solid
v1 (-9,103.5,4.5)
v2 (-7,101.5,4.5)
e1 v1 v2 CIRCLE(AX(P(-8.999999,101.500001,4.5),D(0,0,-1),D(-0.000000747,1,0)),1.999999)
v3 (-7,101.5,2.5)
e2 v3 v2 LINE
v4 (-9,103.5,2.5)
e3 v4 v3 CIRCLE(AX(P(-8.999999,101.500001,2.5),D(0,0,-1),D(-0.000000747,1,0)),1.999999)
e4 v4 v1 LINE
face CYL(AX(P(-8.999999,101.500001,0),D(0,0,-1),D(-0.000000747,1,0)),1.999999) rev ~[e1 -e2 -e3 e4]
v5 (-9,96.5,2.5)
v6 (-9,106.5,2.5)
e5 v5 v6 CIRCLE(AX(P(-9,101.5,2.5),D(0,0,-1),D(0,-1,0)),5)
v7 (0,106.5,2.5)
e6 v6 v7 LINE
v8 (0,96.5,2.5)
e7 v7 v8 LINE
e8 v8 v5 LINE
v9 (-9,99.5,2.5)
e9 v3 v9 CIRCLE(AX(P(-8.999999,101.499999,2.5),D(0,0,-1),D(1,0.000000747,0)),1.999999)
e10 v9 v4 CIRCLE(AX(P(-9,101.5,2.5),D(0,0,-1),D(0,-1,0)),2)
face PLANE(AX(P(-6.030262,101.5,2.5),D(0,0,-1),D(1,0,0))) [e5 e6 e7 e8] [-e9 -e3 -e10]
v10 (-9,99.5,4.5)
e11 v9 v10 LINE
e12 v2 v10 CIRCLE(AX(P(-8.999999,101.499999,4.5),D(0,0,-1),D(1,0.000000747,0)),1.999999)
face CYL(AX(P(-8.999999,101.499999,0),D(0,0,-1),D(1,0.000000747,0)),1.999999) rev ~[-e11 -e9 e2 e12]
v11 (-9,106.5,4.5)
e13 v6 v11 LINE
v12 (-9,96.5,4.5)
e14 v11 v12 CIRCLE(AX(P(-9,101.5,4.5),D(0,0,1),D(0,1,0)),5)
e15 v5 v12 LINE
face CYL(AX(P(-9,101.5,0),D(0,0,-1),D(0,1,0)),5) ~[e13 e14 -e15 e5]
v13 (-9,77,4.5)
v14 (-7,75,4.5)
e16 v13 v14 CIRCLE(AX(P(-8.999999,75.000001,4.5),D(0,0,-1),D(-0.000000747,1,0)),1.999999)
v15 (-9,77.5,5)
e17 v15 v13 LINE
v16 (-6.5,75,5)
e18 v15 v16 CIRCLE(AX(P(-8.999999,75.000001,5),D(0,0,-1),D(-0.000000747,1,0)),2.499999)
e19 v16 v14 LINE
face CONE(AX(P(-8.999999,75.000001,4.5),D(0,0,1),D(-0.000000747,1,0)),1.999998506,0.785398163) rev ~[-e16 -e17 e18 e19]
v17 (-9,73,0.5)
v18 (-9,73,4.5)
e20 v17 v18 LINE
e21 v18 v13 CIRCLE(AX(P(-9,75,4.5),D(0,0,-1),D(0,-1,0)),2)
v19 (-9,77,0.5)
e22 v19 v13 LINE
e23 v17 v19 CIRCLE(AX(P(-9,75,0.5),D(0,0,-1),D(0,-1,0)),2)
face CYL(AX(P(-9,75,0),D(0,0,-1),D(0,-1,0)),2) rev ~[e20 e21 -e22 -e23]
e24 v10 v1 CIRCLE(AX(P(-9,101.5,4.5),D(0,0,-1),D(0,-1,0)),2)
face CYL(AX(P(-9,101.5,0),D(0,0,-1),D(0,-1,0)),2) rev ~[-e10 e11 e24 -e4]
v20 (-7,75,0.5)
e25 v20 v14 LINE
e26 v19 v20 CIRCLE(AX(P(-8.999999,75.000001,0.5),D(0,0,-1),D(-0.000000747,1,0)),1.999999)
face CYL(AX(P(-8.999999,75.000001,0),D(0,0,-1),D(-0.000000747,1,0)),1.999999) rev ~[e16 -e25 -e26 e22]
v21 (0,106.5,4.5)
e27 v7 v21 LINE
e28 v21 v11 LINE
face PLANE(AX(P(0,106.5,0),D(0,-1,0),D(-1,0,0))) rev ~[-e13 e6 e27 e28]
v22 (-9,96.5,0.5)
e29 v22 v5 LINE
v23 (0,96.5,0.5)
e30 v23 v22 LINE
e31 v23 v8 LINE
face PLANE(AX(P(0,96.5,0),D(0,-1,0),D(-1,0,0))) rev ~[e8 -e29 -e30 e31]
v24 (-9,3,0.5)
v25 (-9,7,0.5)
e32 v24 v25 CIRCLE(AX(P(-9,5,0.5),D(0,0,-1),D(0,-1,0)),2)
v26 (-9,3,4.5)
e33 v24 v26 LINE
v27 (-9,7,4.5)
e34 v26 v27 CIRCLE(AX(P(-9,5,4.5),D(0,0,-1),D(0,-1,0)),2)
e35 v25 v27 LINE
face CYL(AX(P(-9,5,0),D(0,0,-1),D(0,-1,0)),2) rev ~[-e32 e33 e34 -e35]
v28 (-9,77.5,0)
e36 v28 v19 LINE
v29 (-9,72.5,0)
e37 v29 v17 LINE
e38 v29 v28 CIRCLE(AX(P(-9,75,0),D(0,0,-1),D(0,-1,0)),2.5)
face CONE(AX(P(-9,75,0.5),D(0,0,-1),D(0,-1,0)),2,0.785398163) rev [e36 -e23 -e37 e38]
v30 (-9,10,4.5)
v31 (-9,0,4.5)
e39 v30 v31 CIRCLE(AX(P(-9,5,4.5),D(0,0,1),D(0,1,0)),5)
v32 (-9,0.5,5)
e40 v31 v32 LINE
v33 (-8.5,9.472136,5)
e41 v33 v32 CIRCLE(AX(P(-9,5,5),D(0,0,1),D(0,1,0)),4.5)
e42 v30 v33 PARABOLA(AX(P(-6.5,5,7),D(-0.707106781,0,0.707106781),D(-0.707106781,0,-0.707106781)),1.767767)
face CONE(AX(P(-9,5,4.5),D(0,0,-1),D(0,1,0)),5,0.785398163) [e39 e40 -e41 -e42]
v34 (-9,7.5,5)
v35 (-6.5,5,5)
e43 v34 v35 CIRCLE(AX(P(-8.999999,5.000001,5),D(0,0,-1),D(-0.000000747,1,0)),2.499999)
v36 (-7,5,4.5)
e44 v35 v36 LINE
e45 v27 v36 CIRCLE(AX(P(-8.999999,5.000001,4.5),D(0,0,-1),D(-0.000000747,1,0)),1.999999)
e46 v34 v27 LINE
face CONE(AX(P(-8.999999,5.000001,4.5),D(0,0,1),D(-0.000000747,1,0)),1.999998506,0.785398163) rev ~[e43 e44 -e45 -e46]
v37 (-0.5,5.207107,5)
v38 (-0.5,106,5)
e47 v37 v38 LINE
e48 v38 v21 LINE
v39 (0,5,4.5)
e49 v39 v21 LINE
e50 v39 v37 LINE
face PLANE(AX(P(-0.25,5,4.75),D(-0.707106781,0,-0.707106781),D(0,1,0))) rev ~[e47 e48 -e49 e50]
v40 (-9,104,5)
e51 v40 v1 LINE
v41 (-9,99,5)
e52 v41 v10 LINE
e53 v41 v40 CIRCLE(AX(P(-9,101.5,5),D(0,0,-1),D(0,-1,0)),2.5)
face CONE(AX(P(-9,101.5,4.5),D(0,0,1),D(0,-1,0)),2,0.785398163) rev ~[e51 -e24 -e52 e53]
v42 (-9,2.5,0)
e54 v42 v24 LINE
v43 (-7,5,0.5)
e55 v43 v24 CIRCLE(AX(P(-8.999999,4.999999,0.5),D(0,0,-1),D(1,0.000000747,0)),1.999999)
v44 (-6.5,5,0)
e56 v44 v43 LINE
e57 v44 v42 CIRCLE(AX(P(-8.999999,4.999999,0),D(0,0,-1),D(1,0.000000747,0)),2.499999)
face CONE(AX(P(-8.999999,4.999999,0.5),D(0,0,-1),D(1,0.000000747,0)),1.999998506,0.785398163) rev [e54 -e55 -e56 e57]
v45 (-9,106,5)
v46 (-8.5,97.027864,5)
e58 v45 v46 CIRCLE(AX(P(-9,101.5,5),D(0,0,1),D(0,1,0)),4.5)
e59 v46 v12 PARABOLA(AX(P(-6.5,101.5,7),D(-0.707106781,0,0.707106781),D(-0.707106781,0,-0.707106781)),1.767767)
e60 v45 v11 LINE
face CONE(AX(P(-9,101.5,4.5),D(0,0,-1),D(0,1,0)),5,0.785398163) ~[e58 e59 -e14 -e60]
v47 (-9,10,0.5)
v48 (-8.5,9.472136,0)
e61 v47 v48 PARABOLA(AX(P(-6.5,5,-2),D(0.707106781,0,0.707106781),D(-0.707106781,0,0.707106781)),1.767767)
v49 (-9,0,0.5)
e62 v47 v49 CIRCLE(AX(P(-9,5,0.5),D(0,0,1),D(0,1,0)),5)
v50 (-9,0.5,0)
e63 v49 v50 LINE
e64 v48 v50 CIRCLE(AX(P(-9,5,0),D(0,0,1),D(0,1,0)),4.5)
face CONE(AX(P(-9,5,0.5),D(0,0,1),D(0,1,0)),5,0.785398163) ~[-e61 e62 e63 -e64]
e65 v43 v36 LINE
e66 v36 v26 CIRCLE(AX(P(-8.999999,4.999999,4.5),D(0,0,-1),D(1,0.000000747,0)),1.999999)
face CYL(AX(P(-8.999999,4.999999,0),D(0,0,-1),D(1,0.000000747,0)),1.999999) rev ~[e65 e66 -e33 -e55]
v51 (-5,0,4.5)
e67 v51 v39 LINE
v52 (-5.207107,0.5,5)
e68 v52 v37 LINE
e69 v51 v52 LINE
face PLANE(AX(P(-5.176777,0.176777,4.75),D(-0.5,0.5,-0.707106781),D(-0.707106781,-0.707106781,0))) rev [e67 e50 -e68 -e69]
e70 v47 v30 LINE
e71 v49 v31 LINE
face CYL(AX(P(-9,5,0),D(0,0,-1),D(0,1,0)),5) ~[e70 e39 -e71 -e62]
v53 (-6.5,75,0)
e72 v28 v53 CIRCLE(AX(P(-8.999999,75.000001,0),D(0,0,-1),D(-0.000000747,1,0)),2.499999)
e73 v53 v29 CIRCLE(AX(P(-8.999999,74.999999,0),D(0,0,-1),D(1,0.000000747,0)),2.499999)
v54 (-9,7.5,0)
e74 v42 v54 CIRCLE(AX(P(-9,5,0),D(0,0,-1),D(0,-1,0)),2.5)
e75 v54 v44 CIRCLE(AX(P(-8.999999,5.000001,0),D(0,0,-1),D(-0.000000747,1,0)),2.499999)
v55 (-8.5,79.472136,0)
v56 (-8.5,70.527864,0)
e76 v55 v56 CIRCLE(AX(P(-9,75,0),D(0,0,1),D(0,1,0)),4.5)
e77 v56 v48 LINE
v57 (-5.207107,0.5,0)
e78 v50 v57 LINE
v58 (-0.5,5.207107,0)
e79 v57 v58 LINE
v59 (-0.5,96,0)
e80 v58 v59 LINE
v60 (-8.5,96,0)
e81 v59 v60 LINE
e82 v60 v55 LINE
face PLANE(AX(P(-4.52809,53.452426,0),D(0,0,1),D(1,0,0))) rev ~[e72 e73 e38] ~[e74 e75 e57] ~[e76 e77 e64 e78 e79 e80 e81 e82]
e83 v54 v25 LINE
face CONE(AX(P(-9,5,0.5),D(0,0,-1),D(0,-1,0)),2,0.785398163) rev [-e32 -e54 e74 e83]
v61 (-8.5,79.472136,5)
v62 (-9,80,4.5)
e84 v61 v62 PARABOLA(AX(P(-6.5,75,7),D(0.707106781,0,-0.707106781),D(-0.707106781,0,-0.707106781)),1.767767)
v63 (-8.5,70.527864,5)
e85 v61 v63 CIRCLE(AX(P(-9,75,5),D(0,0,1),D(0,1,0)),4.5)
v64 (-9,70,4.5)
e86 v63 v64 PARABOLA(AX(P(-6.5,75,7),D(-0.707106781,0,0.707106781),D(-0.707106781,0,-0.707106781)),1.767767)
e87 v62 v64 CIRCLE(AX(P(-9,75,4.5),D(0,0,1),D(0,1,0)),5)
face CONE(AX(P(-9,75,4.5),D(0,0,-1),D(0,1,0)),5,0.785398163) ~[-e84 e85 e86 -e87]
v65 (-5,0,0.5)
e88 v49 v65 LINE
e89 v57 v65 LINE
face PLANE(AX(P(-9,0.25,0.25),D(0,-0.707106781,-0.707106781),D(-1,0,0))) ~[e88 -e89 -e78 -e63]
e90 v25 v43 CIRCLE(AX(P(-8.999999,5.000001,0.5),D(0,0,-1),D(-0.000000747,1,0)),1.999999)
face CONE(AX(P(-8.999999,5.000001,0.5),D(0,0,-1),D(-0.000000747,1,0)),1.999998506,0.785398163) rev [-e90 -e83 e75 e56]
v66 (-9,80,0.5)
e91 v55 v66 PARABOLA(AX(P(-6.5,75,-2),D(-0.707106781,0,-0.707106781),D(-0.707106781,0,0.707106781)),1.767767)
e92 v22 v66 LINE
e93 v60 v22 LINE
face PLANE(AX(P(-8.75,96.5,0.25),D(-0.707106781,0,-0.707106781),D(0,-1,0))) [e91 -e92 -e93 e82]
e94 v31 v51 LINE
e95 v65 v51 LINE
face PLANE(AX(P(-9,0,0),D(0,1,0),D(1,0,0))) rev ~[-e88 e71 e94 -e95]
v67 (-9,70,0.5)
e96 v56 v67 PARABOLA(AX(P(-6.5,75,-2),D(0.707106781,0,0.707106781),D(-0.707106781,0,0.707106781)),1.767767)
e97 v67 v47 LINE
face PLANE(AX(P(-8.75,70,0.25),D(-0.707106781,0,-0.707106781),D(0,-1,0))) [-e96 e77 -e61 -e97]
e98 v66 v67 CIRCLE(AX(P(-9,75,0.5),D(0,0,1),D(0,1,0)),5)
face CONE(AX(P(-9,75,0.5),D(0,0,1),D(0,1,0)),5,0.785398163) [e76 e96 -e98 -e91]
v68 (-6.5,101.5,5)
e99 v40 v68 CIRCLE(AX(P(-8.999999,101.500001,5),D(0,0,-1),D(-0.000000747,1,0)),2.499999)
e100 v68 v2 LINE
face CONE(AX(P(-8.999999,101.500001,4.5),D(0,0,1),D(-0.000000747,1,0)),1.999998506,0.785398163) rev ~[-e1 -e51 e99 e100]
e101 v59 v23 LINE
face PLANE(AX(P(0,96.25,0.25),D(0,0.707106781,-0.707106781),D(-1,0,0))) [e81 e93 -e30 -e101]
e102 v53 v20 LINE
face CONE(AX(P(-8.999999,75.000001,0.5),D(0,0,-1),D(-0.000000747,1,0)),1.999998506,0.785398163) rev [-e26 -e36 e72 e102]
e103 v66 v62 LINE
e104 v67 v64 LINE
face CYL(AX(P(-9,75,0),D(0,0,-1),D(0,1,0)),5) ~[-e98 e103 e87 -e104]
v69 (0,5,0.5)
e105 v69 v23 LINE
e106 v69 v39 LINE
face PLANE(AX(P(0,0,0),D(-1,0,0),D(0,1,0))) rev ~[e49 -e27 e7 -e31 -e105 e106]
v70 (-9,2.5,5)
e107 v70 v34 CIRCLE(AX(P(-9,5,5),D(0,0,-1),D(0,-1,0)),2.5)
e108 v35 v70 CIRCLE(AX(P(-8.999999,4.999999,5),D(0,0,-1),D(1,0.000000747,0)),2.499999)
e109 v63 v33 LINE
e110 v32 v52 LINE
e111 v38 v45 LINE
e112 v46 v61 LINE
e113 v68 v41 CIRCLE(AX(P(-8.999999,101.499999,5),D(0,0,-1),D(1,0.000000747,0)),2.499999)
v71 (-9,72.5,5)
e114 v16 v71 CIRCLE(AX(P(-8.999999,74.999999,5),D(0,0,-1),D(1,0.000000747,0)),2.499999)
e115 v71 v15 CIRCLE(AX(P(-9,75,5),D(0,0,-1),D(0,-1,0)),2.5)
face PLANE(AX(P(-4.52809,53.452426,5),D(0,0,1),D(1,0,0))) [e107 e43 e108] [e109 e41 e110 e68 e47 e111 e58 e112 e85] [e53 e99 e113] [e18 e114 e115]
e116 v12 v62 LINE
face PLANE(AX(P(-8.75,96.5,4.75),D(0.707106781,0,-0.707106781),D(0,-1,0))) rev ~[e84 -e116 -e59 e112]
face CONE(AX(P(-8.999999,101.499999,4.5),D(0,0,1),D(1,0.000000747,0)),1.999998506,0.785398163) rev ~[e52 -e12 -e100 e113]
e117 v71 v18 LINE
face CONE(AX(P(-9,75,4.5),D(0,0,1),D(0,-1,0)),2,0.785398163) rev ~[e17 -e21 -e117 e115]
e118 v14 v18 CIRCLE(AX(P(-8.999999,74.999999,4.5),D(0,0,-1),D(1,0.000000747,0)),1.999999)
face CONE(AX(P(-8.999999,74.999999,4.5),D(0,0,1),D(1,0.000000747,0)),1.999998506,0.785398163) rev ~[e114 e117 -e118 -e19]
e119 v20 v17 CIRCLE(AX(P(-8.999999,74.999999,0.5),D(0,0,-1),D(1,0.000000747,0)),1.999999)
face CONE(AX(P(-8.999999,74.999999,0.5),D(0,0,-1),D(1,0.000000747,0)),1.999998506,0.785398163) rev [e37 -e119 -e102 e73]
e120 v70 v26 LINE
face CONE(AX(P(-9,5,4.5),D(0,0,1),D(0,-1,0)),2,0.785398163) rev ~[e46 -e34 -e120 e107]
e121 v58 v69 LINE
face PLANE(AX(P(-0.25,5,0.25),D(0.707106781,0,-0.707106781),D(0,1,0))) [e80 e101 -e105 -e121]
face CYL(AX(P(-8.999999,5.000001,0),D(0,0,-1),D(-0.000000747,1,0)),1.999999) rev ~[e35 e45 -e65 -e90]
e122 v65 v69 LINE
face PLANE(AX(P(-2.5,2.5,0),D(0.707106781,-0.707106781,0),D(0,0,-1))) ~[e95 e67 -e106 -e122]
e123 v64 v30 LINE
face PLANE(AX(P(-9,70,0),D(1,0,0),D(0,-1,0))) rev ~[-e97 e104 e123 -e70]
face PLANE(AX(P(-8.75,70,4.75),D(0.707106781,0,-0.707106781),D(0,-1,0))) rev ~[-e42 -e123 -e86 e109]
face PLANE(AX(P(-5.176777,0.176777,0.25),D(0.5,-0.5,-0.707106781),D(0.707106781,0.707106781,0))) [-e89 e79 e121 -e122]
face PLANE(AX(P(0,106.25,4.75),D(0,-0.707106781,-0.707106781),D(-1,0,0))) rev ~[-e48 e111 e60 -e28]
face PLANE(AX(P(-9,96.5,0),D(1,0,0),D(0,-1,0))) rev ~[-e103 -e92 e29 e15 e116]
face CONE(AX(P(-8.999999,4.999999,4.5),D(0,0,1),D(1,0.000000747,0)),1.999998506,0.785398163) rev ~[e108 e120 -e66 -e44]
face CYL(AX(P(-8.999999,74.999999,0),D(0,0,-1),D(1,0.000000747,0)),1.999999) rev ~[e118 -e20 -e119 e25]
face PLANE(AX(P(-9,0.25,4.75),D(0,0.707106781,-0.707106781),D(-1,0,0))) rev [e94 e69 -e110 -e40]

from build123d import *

# Parameters (mm, degrees)
F1_DEPTH = 5
F3_DEPTH = 2.5
F4_SIZE  = 5
F5_SIZE  = 0.5


with BuildPart() as f1:
    # F0 (on Top) → F1 (new body)
    with BuildSketch(Plane.XY):
        with BuildLine():
            Line((-9, 0), (0, 0))
            Line((0, 0), (0, 106.5))
            Line((0, 106.5), (-9, 106.5))
            Line((-9, 106.5), (-9, 103.5))
            ThreePointArc((-9, 103.5), (-7.585786, 102.914214), (-7, 101.5))
            ThreePointArc((-7, 101.5), (-7.585786, 100.085786), (-9, 99.5))
            Line((-9, 99.5), (-9, 96.5))
            Line((-9, 96.5), (-9, 80))
            Line((-9, 80), (-9, 77))
            ThreePointArc((-9, 77), (-7.585786, 76.414214), (-7, 75))
            ThreePointArc((-7, 75), (-7.585786, 73.585786), (-9, 73))
            Line((-9, 73), (-9, 70))
            Line((-9, 70), (-9, 10))
            Line((-9, 10), (-9, 7))
            ThreePointArc((-9, 7), (-7.585786, 6.414214), (-7, 5))
            ThreePointArc((-7, 5), (-7.585786, 3.585786), (-9, 3))
            Line((-9, 3), (-9, 0))
        make_face()
        with BuildLine():
            ThreePointArc((-9, 10), (-14, 5), (-9, 0))
            Line((-9, 0), (-9, 3))
            ThreePointArc((-9, 3), (-11, 5), (-9, 7))
            Line((-9, 7), (-9, 10))
        make_face()
        with BuildLine():
            Line((-9, 103.5), (-9, 106.5))
            ThreePointArc((-9, 106.5), (-14, 101.5), (-9, 96.5))
            Line((-9, 96.5), (-9, 99.5))
            ThreePointArc((-9, 99.5), (-11, 101.5), (-9, 103.5))
        make_face()
        with BuildLine():
            ThreePointArc((-9, 80), (-14, 75), (-9, 70))
            Line((-9, 70), (-9, 73))
            ThreePointArc((-9, 73), (-11, 75), (-9, 77))
            Line((-9, 77), (-9, 80))
        make_face()
    extrude(amount=F1_DEPTH)

    # F2 (on face) → F3 (cut)
    with BuildSketch(Plane(origin=(0, 0, 0), x_dir=(1, 0, 0), z_dir=(0, 0, -1))):
        with BuildLine():
            Line((0, -96.5), (-9, -96.5))
            ThreePointArc((-9, -96.5), (-14, -101.5), (-9, -106.5))
            Line((-9, -106.5), (0, -106.5))
            Line((0, -106.5), (0, -96.5))
        make_face()
    extrude(amount=-F3_DEPTH, mode=Mode.SUBTRACT)

    # F4
    f4_edges = [f1.edges().sort_by_distance(p)[0] for p in [
        (0, 0, 2.5),
    ]]
    chamfer(f4_edges, length=F4_SIZE)

    # F5
    f5_edges = [f1.edges().sort_by_distance(p)[0] for p in [
        (-7, 0, 5),
        (-2.5, 2.5, 5),
        (-14, 5, 5),
        (0, 55.75, 5),
        (-9, 40, 5),
        (-4.5, 106.5, 5),
        (-14, 75, 5),
        (-14, 101.5, 5),
        (-9, 88.25, 5),
        (-9, 73, 5),
        (-9, 99.5, 5),
        (-9, 3, 5),
        (0, 50.75, 0),
        (-2.5, 2.5, 0),
        (-4.5, 96.5, 0),
        (-7, 0, 0),
        (-9, 88.25, 0),
        (-14, 5, 0),
        (-14, 75, 0),
        (-9, 40, 0),
        (-9, 3, 0),
        (-9, 73, 0),
    ]]
    chamfer(f5_edges, length=F5_SIZE)


solid = f1.part
